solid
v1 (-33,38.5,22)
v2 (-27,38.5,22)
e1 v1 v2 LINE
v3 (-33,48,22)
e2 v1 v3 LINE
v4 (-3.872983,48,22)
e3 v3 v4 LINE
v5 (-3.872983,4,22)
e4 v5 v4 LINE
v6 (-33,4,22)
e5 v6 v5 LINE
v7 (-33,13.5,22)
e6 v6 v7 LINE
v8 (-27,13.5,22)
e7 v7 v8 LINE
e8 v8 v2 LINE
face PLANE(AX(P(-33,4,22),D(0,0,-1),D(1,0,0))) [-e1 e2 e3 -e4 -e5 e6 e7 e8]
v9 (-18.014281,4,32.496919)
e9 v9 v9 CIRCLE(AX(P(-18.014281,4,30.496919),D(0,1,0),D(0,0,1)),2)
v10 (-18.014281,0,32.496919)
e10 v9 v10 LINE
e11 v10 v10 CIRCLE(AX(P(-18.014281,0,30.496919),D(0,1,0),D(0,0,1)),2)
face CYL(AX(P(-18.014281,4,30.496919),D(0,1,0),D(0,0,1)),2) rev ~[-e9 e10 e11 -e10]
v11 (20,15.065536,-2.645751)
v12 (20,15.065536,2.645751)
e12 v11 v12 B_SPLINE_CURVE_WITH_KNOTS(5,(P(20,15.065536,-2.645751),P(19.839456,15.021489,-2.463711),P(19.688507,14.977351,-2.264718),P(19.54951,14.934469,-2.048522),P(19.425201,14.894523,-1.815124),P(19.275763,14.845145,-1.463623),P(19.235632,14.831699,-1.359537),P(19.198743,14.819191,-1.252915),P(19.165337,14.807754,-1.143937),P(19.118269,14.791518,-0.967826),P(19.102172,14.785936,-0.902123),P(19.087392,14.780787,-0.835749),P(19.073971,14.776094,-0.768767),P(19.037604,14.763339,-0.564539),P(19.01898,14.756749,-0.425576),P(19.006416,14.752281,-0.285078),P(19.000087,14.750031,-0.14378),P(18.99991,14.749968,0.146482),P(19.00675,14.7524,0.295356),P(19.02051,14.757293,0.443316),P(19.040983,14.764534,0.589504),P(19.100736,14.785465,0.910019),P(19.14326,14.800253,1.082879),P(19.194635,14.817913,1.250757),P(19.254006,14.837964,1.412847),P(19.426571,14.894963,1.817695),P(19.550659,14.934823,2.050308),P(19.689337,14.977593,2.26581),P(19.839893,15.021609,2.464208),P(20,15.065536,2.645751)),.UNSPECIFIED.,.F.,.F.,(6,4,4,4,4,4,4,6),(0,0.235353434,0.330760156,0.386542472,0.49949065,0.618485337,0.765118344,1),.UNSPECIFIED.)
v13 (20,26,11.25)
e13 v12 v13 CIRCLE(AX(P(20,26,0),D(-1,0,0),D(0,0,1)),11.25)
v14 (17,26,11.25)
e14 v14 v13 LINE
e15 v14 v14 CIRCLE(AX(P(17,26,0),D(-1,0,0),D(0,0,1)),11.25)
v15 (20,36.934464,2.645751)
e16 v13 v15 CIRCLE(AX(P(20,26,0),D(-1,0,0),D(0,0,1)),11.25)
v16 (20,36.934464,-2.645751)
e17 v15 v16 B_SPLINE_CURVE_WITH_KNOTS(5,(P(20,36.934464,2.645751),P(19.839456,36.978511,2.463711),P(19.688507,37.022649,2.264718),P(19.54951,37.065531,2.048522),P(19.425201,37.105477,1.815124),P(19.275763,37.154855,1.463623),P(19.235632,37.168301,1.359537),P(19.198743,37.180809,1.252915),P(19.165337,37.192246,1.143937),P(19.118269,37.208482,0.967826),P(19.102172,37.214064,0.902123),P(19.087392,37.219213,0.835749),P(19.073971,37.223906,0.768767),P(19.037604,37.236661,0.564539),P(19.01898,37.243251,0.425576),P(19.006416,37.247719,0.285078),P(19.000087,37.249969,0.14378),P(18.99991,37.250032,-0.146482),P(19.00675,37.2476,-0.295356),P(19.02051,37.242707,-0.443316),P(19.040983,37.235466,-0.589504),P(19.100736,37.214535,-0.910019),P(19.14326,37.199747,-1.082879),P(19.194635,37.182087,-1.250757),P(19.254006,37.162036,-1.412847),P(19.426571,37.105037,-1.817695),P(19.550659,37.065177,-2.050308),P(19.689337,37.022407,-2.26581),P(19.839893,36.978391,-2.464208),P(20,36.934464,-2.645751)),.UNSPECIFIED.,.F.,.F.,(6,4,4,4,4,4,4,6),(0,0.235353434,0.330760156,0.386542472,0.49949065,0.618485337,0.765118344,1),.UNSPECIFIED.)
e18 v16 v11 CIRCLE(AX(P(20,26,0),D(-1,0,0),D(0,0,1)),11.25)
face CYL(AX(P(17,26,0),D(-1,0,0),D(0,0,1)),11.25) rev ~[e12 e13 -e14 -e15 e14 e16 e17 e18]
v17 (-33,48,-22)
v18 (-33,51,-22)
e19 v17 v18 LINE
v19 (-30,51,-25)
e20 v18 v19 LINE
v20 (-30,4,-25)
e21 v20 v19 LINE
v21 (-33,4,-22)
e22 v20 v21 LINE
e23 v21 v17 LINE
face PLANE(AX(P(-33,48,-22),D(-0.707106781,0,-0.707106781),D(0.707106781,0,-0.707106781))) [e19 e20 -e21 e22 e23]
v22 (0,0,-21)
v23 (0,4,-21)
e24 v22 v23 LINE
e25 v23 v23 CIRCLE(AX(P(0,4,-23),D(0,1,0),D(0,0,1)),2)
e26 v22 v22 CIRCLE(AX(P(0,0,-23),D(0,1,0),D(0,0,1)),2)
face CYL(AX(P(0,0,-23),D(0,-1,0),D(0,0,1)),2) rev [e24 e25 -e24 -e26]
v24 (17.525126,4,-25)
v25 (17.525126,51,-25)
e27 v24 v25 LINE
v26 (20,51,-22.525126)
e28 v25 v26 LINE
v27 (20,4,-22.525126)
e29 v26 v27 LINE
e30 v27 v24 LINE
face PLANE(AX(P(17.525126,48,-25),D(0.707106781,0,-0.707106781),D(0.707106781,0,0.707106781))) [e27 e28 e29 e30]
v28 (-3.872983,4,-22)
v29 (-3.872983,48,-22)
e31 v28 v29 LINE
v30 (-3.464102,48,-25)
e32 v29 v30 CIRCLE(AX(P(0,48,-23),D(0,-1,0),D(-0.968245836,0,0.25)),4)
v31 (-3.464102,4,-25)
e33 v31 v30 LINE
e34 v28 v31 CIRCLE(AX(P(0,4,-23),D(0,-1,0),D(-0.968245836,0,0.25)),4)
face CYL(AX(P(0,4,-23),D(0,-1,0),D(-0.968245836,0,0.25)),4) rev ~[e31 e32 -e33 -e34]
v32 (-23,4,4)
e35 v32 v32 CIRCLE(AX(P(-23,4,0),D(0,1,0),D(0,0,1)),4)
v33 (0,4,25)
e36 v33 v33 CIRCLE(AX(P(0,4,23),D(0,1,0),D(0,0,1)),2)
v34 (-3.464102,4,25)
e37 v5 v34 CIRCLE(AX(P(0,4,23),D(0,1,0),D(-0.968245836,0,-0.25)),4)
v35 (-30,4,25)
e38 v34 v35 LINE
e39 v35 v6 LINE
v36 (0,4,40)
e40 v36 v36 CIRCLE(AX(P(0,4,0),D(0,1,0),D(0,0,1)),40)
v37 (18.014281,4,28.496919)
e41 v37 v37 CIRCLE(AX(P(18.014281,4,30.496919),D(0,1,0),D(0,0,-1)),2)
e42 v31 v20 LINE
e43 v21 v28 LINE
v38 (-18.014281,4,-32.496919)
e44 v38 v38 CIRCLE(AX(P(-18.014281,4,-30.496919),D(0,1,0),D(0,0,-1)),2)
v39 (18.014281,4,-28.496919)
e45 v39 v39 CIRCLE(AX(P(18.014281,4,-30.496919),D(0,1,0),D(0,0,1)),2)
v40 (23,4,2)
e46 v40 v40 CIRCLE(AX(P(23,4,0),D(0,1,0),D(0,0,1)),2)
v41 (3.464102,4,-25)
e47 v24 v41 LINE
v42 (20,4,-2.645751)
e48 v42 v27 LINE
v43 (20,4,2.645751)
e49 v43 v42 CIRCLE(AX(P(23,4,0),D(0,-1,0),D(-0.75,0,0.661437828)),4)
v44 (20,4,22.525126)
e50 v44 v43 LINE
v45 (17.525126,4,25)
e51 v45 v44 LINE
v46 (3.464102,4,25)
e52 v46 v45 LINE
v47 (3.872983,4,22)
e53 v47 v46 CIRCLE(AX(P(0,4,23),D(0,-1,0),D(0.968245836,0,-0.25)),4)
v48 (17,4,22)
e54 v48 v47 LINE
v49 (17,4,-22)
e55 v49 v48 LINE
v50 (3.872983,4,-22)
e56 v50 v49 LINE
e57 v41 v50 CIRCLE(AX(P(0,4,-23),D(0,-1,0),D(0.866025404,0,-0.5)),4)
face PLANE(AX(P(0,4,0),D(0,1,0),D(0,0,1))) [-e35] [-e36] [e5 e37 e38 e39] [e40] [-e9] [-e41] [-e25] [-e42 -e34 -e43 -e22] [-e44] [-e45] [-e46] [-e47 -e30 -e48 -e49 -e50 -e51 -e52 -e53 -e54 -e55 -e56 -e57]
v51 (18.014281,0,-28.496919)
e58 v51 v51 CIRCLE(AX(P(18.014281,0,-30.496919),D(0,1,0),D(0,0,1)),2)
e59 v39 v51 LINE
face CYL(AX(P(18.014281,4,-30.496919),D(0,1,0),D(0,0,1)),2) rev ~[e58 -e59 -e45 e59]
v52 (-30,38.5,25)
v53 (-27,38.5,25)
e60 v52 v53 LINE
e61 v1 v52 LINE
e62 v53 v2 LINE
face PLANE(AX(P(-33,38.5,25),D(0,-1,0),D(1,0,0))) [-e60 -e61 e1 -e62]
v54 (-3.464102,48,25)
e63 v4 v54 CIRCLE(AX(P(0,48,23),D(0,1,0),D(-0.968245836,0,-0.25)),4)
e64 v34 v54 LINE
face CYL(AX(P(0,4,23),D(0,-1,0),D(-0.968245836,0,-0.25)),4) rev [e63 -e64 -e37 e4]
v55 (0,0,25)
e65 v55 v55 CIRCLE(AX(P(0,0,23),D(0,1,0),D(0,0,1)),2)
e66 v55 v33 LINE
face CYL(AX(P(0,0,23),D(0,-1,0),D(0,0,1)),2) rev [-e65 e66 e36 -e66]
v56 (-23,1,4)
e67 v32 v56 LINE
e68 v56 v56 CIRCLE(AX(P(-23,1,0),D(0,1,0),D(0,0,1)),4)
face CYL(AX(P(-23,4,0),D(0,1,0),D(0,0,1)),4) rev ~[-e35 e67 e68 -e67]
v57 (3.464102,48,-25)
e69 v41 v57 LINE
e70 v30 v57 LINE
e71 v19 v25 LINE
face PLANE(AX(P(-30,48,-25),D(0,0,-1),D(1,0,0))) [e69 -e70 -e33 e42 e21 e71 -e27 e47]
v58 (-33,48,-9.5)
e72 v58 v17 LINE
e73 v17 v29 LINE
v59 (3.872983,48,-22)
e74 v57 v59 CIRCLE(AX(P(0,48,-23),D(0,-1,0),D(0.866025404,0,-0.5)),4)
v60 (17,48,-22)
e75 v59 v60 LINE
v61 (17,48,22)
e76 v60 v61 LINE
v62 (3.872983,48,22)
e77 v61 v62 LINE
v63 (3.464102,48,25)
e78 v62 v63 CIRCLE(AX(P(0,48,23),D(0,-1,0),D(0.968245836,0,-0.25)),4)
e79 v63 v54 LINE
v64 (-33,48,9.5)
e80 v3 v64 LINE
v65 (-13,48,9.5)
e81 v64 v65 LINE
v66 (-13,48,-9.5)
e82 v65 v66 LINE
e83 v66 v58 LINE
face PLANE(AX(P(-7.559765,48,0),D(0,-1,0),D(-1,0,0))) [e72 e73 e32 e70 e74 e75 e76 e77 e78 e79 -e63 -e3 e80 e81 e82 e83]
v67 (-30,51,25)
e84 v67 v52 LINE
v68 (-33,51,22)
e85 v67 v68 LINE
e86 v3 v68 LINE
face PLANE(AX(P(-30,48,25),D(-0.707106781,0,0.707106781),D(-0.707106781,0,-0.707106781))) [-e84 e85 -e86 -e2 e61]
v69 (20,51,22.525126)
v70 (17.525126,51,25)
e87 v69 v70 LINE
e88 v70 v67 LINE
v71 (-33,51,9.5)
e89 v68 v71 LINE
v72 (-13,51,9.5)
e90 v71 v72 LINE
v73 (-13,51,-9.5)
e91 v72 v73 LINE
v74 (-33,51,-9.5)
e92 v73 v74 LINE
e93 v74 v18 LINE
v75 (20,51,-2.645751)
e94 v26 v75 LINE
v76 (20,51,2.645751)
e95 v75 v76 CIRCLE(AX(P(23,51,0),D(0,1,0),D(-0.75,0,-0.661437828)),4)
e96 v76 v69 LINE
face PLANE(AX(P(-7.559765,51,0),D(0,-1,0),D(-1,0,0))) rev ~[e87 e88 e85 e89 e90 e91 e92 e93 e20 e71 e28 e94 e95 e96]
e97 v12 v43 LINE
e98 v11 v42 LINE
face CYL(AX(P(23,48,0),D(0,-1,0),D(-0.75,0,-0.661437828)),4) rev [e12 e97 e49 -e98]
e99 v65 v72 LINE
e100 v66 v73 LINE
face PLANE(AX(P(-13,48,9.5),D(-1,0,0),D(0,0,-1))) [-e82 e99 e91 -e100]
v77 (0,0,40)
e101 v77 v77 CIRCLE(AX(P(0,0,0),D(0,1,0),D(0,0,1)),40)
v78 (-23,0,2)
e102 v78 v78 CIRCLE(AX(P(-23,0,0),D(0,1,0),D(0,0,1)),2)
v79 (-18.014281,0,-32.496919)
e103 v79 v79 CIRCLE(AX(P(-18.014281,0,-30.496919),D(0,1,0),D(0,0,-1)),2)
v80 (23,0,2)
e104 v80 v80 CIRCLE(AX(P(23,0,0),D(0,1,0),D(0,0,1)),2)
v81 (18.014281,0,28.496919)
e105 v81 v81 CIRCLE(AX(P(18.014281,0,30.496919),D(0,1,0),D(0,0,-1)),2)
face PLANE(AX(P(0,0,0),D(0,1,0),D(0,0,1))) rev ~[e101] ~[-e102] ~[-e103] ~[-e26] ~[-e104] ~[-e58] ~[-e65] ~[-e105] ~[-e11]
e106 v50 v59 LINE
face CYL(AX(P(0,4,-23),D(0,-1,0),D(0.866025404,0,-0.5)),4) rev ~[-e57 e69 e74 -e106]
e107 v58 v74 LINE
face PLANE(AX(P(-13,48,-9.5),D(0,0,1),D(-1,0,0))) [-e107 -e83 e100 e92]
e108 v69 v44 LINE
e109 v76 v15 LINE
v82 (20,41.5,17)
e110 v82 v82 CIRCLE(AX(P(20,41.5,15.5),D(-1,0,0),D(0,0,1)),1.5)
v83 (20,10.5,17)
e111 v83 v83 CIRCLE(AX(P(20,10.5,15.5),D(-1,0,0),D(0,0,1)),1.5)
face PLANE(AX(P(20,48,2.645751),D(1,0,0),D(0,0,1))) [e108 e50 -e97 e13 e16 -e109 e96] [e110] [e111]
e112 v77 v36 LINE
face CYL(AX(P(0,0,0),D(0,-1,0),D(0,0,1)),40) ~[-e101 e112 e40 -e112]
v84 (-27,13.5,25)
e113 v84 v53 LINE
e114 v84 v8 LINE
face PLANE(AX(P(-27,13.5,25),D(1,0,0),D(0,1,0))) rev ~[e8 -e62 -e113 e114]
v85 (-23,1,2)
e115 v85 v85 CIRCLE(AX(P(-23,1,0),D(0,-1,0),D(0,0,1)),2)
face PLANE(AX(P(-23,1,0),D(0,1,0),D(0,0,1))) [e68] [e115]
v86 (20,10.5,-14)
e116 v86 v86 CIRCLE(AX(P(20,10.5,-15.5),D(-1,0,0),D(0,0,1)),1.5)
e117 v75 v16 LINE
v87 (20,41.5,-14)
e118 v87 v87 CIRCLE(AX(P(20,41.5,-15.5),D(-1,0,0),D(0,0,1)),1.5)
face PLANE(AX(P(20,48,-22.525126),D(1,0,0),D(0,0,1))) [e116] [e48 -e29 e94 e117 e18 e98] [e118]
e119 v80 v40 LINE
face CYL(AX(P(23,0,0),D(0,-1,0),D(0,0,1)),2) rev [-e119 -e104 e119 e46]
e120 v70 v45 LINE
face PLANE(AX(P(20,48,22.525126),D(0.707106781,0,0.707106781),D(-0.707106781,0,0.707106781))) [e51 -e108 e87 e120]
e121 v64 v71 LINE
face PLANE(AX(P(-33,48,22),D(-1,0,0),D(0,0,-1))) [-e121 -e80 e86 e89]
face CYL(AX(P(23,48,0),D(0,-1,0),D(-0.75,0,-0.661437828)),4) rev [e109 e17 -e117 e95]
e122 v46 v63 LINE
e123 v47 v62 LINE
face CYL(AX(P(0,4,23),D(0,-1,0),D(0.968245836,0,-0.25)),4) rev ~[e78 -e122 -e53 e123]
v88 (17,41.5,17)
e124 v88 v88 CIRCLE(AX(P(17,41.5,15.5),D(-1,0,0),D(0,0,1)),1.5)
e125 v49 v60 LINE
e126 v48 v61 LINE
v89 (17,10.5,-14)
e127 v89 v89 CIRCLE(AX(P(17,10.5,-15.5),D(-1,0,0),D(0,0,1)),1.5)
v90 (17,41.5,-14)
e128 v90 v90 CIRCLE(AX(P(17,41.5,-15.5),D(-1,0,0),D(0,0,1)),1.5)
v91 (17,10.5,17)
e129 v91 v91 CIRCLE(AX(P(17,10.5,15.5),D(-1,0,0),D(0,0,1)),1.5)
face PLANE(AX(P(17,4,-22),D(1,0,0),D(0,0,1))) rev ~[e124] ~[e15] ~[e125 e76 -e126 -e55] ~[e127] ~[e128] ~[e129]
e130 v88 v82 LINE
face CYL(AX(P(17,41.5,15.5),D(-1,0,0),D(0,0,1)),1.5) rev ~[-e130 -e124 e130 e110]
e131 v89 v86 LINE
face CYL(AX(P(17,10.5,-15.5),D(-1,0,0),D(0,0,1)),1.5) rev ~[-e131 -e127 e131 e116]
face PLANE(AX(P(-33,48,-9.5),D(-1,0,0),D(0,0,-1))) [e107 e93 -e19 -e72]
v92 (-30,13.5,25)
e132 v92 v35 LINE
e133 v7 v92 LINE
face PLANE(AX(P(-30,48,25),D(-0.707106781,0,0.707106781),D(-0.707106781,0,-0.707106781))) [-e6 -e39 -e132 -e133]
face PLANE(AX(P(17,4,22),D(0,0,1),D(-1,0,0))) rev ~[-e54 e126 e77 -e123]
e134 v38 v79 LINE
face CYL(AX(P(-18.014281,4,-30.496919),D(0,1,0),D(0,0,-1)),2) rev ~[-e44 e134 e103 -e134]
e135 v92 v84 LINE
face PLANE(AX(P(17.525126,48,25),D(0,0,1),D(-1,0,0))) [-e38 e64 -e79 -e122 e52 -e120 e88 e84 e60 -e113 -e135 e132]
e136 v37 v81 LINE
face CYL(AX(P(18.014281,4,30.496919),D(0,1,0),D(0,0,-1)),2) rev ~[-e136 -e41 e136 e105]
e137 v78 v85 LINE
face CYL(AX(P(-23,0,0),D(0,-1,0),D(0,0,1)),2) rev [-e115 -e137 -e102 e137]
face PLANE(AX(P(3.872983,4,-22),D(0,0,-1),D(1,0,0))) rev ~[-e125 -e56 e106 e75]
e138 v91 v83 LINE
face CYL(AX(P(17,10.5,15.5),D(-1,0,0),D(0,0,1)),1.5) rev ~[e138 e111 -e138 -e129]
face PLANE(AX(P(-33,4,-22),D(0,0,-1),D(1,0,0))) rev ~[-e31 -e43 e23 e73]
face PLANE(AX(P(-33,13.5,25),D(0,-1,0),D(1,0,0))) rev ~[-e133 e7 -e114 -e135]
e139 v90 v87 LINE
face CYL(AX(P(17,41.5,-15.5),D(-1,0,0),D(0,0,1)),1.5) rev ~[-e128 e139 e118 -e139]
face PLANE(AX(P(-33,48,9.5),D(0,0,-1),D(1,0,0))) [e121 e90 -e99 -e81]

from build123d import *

# Parameters (mm, degrees)
SKETCH_1_R          = 40
SKETCH_1_R_2        = 2
EXTRUDE_1_DEPTH     = 4
EXTRUDE_2_DEPTH     = 44
EXTRUDE_4_DEPTH     = 3
SKETCH_5_R          = 1.5
SKETCH_5_R_2        = 11.25
CUT_EXTRUDE_1_DEPTH = 87.313382508
SKETCH_6_W          = 6
SKETCH_6_H          = 25
CUT_EXTRUDE_2_DEPTH = 3
SKETCH_8_R          = 2
CUT_EXTRUDE_3_DEPTH = 74.545904097
SKETCH_9_R          = 4
CUT_EXTRUDE_4_DEPTH = 3


with BuildPart() as part:
    # 草图1 → 凸台-拉伸1 (new body)
    with BuildSketch(Plane(origin=(0, 0, 0), x_dir=(1, 0, 0), z_dir=(0, 1, 0))):
        with Locations(Location((0, 0, 0), (0, 0, 270))):
            Circle(SKETCH_1_R)
        with Locations(Location((0, 23, 0), (0, 0, 270))):
            Circle(SKETCH_1_R_2, mode=Mode.SUBTRACT)
        with Locations(Location((23, 0, 0), (0, 0, 270))):
            Circle(SKETCH_1_R_2, mode=Mode.SUBTRACT)
        with Locations(Location((0, -23, 0), (0, 0, 270))):
            Circle(SKETCH_1_R_2, mode=Mode.SUBTRACT)
        with Locations(Location((-23, 0, 0), (0, 0, 270))):
            Circle(SKETCH_1_R_2, mode=Mode.SUBTRACT)
    extrude(amount=EXTRUDE_1_DEPTH)

    # 草图2 → 凸台-拉伸2 (add)
    with BuildSketch(Plane(origin=(0, 4, 0), x_dir=(1, 0, 0), z_dir=(0, 1, 0))):
        with BuildLine():
            Line((-33, 22), (-3.872983346, 22))
            ThreePointArc((-3.872983346, 22), (-3.963357659, 23.540181513), (-3.464101615, 25))
            Line((-3.464101615, 25), (-30, 25))
            Line((-30, 25), (-33, 22))
        make_face()
        with BuildLine():
            Line((-33, -22), (-3.872983346, -22))
            ThreePointArc((-3.872983346, -22), (-3.963357659, -23.540181513), (-3.464101615, -25))
            Line((-3.464101615, -25), (-30, -25))
            Line((-30, -25), (-33, -22))
        make_face()
        with BuildLine():
            Line((17, 22), (17, -22))
            Line((17, -22), (3.872983346, -22))
            ThreePointArc((3.872983346, -22), (3.963357659, -23.540181513), (3.464101615, -25))
            Line((3.464101615, -25), (17.525126266, -25))
            Line((17.525126266, -25), (20, -22.525126266))
            Line((20, -22.525126266), (20, -2.645751311))
            ThreePointArc((20, -2.645751311), (19, 0), (20, 2.645751311))
            Line((20, 2.645751311), (20, 22.525126266))
            Line((20, 22.525126266), (17.525126266, 25))
            Line((17.525126266, 25), (3.464101615, 25))
            ThreePointArc((3.464101615, 25), (3.963357659, 23.540181513), (3.872983346, 22))
            Line((3.872983346, 22), (17, 22))
        make_face()
    extrude(amount=EXTRUDE_2_DEPTH)

    # 草图3 → 凸台-拉伸4 (add)
    with BuildSketch(Plane(origin=(0, 48, 0), x_dir=(1, 0, 0), z_dir=(0, 1, 0))):
        with BuildLine():
            Line((-3.464101615, 25), (3.464101615, 25))
            Line((3.464101615, 25), (17.525126266, 25))
            Line((17.525126266, 25), (20, 22.525126266))
            Line((20, 22.525126266), (20, 2.645751311))
            ThreePointArc((20, 2.645751311), (19, 0), (20, -2.645751311))
            Line((20, -2.645751311), (20, -22.525126266))
            Line((20, -22.525126266), (17.525126266, -25))
            Line((17.525126266, -25), (3.464101615, -25))
            Line((3.464101615, -25), (-3.464101615, -25))
            Line((-3.464101615, -25), (-30, -25))
            Line((-30, -25), (-33, -22))
            Line((-33, -22), (-33, -9.5))
            Line((-33, -9.5), (-23, -9.5))
            Line((-23, -9.5), (-13, -9.5))
            Line((-13, -9.5), (-13, -7.5))
            Line((-13, -7.5), (-13, 7.5))
            Line((-13, 7.5), (-13, 9.5))
            Line((-13, 9.5), (-23, 9.5))
            Line((-23, 9.5), (-33, 9.5))
            Line((-33, 9.5), (-33, 22))
            Line((-33, 22), (-30, 25))
            Line((-30, 25), (-3.464101615, 25))
        make_face()
    extrude(amount=EXTRUDE_4_DEPTH)

    # 草图5 → 切除-拉伸1 (cut, through all)
    with BuildSketch(Plane.ZY.offset(-17)):
        with Locations((15.5, 41.5)):
            Circle(SKETCH_5_R)
        with Locations((-15.5, 41.5)):
            Circle(SKETCH_5_R)
        with Locations((-15.5, 10.5)):
            Circle(SKETCH_5_R)
        with Locations((15.5, 10.5)):
            Circle(SKETCH_5_R)
        with Locations((0, 26)):
            Circle(SKETCH_5_R_2)
    extrude(amount=-CUT_EXTRUDE_1_DEPTH, mode=Mode.SUBTRACT)

    # 草图6 → 切除-拉伸2 (cut)
    with BuildSketch(Plane.XY.offset(25)):
        with Locations((-30, 26)):
            Rectangle(SKETCH_6_W, SKETCH_6_H)
    extrude(amount=-CUT_EXTRUDE_2_DEPTH, mode=Mode.SUBTRACT)

    # 草图8 → 切除-拉伸3 (cut, through all)
    with BuildSketch(Plane(origin=(0, 4, 0), x_dir=(1, 0, 0), z_dir=(0, 1, 0))):
        with Locations(Location((18.014281267, 30.496919032, 0), (0, 0, 270))):
            Circle(SKETCH_8_R)
        with Locations(Location((18.014281267, -30.496919032, 0), (0, 0, 90))):
            Circle(SKETCH_8_R)
        with Locations(Location((-18.014281267, -30.496919032, 0), (0, 0, 270))):
            Circle(SKETCH_8_R)
        with Locations(Location((-18.014281267, 30.496919032, 0), (0, 0, 90))):
            Circle(SKETCH_8_R)
    extrude(amount=-CUT_EXTRUDE_3_DEPTH, mode=Mode.SUBTRACT)

    # 草图9 → 切除-拉伸4 (cut)
    with BuildSketch(Plane(origin=(0, 4, 0), x_dir=(1, 0, 0), z_dir=(0, 1, 0))):
        with Locations(Location((-23, 0, 0), (0, 0, 270))):
            Circle(SKETCH_9_R)
    extrude(amount=-CUT_EXTRUDE_4_DEPTH, mode=Mode.SUBTRACT)


solid = part.part
